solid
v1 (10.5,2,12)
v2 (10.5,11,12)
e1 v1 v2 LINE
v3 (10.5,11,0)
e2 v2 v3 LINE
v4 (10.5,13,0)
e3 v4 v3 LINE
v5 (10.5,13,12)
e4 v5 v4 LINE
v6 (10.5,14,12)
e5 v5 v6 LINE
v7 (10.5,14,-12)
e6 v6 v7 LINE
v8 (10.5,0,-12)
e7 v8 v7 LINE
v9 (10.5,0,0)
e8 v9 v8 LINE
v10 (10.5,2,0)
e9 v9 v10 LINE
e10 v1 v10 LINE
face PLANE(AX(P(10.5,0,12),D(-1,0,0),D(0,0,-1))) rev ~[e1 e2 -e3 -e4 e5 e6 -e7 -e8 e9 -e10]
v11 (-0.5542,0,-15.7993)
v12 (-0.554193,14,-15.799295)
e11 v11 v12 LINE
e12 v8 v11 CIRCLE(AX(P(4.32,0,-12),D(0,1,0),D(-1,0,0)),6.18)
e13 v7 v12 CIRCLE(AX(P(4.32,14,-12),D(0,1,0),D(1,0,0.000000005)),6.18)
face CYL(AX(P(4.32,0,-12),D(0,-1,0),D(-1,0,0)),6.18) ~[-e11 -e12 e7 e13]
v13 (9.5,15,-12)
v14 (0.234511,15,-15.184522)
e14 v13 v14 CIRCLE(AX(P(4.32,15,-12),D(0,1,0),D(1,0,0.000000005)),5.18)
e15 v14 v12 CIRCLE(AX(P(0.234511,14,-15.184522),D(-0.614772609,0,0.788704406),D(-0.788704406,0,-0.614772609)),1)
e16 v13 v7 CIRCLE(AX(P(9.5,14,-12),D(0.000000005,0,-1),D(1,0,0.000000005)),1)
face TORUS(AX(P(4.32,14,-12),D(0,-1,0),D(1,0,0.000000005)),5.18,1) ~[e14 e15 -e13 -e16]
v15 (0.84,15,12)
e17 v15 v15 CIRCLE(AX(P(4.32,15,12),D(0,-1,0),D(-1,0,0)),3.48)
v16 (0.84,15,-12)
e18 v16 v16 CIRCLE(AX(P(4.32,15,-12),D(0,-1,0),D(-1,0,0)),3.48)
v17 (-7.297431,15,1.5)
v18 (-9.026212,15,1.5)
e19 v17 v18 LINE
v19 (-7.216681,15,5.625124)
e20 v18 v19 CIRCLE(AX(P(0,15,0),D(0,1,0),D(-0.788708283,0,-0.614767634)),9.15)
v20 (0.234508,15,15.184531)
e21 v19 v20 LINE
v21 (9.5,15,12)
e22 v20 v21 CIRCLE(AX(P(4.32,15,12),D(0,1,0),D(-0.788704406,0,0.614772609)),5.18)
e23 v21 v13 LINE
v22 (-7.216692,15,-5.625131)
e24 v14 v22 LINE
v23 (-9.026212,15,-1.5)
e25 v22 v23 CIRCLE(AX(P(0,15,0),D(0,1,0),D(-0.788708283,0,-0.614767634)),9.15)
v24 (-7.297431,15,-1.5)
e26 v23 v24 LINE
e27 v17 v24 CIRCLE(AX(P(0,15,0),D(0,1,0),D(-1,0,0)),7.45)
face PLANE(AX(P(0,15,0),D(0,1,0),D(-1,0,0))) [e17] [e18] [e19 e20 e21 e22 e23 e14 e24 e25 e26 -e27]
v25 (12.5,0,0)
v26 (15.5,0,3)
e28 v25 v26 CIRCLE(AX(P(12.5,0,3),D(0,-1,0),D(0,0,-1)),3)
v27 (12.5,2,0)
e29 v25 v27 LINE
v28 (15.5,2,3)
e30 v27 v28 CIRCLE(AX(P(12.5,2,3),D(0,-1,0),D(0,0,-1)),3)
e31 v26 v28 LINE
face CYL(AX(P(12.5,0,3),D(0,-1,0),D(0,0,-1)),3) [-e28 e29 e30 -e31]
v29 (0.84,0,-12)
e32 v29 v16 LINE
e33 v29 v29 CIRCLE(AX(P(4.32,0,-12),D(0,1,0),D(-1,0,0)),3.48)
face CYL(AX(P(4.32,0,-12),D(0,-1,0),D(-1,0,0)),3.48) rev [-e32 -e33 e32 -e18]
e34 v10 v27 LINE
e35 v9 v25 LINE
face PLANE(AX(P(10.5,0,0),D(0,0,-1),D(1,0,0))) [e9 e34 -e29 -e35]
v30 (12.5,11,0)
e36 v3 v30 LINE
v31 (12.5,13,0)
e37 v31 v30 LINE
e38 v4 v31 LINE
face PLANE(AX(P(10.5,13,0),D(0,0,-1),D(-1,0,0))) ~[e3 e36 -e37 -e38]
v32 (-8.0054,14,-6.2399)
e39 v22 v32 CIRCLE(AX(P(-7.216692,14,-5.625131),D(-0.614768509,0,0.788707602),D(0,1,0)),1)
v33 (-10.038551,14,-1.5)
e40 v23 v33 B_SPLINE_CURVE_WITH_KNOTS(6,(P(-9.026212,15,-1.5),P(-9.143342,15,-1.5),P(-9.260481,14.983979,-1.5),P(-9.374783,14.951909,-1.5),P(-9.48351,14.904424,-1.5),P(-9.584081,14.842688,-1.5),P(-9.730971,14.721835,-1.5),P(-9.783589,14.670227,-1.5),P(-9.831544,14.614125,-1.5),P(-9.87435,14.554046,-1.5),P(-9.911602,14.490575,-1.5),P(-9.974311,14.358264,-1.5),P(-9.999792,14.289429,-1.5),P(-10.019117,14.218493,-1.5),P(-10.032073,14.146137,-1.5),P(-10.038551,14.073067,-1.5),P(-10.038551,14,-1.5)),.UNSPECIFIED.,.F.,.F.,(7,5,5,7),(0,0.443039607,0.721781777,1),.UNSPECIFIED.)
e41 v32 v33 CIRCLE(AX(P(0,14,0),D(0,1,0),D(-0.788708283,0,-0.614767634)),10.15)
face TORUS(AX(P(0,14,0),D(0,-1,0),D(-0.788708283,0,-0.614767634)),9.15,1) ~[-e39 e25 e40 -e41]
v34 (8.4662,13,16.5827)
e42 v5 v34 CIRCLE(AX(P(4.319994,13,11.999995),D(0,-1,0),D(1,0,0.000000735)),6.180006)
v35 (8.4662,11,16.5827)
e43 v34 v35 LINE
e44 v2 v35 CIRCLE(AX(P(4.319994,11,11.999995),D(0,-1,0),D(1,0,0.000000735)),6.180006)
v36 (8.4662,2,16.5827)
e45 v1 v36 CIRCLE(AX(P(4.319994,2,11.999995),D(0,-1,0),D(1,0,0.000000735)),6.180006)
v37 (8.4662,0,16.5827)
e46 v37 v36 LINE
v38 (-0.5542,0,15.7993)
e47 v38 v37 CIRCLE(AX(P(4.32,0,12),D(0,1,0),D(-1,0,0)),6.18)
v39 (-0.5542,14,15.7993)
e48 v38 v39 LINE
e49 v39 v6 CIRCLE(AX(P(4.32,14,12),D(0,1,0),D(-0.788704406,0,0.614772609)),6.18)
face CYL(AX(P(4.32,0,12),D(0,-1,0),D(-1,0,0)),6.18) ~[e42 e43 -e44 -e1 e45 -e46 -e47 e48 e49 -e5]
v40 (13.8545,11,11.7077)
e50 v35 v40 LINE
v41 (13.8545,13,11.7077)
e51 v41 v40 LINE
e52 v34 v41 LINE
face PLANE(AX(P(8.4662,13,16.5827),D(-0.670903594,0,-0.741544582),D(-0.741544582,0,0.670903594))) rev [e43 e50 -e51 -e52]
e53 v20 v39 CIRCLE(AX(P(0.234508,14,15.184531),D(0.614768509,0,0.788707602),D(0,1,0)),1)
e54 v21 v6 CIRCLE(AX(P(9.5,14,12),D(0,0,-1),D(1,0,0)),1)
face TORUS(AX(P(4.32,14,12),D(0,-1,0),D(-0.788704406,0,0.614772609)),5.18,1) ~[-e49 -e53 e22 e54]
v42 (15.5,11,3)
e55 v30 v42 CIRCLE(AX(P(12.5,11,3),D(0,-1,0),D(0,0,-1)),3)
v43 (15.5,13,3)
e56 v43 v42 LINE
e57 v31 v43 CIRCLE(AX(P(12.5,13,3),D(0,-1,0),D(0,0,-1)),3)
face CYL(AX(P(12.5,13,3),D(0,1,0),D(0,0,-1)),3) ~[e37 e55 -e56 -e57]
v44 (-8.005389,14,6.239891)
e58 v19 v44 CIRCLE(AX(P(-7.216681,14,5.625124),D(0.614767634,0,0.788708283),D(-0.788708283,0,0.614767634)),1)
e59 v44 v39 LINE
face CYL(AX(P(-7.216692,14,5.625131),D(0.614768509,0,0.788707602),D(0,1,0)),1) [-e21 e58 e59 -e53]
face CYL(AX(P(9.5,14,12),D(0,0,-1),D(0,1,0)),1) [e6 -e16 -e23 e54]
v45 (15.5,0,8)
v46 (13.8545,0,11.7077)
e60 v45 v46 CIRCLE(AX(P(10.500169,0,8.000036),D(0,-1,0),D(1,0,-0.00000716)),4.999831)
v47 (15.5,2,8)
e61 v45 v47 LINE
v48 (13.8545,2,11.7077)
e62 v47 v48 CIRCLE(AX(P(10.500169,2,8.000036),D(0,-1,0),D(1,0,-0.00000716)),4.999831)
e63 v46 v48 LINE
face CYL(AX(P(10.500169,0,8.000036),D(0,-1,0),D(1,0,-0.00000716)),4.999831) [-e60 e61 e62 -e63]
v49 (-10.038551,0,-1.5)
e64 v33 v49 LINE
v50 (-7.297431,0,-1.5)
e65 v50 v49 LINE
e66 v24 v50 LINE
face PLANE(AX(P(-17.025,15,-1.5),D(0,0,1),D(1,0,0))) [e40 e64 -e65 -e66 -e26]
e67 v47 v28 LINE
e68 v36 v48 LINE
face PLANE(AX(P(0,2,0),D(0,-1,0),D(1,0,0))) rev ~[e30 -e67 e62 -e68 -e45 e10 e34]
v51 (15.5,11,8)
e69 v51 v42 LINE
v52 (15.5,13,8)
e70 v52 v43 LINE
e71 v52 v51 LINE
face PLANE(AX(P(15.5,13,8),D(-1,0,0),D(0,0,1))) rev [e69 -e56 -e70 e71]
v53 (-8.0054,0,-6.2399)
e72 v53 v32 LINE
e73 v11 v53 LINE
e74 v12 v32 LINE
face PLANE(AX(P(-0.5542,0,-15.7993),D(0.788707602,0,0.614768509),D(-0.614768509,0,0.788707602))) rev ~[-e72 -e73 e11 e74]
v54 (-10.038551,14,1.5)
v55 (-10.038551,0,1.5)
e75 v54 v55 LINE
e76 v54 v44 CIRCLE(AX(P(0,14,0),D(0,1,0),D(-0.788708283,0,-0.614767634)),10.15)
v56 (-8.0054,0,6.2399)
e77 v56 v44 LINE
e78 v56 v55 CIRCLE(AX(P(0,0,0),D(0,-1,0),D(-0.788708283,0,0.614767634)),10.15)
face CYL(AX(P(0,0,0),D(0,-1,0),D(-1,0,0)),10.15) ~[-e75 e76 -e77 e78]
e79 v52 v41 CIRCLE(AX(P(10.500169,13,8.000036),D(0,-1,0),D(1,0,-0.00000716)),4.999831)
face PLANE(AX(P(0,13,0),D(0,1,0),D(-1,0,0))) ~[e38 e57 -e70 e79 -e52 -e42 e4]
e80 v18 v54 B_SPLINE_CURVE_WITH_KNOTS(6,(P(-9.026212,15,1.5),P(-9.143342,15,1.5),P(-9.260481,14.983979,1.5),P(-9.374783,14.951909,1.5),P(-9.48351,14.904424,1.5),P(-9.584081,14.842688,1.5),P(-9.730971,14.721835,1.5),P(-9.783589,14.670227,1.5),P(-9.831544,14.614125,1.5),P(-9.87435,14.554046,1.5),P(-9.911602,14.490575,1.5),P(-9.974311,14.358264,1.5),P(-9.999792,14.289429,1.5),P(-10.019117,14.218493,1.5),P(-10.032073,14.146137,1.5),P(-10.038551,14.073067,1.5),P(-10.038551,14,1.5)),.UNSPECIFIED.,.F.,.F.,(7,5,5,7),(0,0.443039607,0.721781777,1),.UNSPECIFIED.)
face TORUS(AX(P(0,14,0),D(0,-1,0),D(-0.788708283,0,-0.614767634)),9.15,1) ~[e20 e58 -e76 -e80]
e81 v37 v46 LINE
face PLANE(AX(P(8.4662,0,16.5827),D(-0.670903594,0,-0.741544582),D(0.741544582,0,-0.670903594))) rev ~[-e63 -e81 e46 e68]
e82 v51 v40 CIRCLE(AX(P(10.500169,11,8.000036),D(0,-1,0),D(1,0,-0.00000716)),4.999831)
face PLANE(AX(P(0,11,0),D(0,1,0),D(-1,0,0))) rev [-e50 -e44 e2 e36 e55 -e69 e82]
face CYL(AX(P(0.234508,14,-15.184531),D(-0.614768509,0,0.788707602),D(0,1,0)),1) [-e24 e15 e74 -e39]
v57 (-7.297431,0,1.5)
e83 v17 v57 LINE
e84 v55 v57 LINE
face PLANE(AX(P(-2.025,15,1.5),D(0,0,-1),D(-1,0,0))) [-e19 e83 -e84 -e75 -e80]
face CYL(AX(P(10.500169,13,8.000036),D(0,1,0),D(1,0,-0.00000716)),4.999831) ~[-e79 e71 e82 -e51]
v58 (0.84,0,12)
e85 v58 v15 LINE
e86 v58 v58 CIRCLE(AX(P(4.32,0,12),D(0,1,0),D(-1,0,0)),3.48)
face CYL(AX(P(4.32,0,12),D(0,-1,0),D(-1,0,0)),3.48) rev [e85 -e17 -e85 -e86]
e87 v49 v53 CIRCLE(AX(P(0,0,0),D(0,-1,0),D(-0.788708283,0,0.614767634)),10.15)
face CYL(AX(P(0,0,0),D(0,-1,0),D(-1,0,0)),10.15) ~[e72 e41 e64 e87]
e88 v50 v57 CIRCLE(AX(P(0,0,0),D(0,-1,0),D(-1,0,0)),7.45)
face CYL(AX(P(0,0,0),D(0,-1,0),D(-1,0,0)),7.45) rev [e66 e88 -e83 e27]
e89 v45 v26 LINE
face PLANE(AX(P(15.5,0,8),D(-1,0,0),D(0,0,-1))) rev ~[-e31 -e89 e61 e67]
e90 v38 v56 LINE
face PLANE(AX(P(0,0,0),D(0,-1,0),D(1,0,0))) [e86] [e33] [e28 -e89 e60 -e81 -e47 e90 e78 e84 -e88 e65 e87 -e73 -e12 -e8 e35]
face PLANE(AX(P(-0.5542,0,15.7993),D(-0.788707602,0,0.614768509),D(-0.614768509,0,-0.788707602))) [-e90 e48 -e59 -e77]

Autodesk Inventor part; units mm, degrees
ref_plane "YZ Plane" through (0, 0, 0) normal (1, 0, 0) x (0, 1, 0)
ref_plane "XZ Plane" through (0, 0, 0) normal (0, 1, 0) x (-1, 0, 0)
sketch "Sketch1" plane through (0, 0, 0) normal (0, 1, 0) x (-1, 0, 0)
  circle A0 centre (0, 0) radius 7.45
  line L0 (0, 0) -> (-4.32, 12)
  circle A1 centre (-4.32, 12) radius 3.48
  circle A2 centre (-4.32, 12) radius 6.18
  line L1 (-10.5, 28.575) -> (-10.5, -28.575)
  line L2 (7.45, 0) -> (-7.45, 0)
  circle A3 centre (0, 0) radius 10.15
  line L3 (0.5542, 15.7993) -> (8.0054, 6.2399)
  circle A4 centre (-4.32, -12) radius 3.48
  circle A5 centre (-4.32, -12) radius 6.18
  line L4 (0.5542, -15.7993) -> (8.0054, -6.2399)
  point P0 (-10.5, 0)
  point P1 (-10.5, 12)
  point P2 (-10.5, -12)
  dimension "d0" = 14.9
  dimension "d7" = 2.7
  dimension "d1" = 6.96
  dimension "d3" = 10.5
  dimension "d5" = 2.7
  dimension "d6" = 12
extrude "Extrusion1" add sketch "Sketch1" along normal blind 15 contours A0 A2 A3 A5 | A0 L0 A1 A3 A2 | A5 A3 A4 A0 | A0 A2 A3 A1 L0 | A3 A1 A2 | A2 L3 A3 | A5 A3 A2 A0 | A5 A3 A4 | A3 L4 A5 | A5 L1 A2 A3
sketch "Sketch2" plane through (0, 0, 0) normal (0, -1, 0) x (1, 0, 0)
  arc A0 (10.5, 12) -> (-0.5542, 15.7993) centre (4.32, 12) ccw projected
  line L0 (8.4662, 16.5827) -> (13.8545, 11.7077)
  line L1 (15.5, 8) -> (15.5, 3)
  line L2 (10.5, 12) -> (10.5, -12) projected
  arc A1 (15.5, 8) -> (13.8545, 11.7077) centre (10.5, 8) ccw
  line L3 (10.5, 0) -> (12.5, 0)
  arc A2 (12.5, 0) -> (15.5, 3) centre (12.5, 3) ccw
  line L4 (10.5, -12) -> (10.5, 12)
  arc A3 (10.5, 12) -> (-0.5542, 15.7993) centre (4.32, 12) ccw
  point P0 (0, 0)
  point P1 (15.5, 0)
  dimension "d10" = 5
  dimension "d11" = 5
  dimension "d12" = 8
  dimension "d13" = 3
  dimension "d14" = 0
extrude "Extrusion2" add sketch "Sketch2" against normal blind 2
ref_plane "Work Plane1" through (0, 6.5, 0) normal (0, 1, 0) x (1, 0, 0)
mirror "Mirror1" about plane through (0, 6.5, 0) normal (0, 1, 0) of "Extrusion2"
fillet "Fillet1" radius 1 6 edges at (6.3287, 15, -17.8444) (-4.2798, 15, -11.0196) (-10.15, 15, 0) (-4.2798, 15, 11.0196) (6.3287, 15, 17.8444) (10.5, 15, 0)
sketch "Sketch3" plane through (0, 15, 0) normal (0, 1, 0) x (1, 0, 0)
  line L0 (-17.025, 1.5) -> (-2.025, 1.5)
  line L1 (-2.025, 1.5) -> (-2.025, -1.5)
  line L2 (-2.025, -1.5) -> (-17.025, -1.5)
  line L3 (-17.025, -1.5) -> (-17.025, 1.5)
  line L4 (-17.025, 1.5) -> (-2.025, -1.5) construction
  line L5 (-2.025, 1.5) -> (-17.025, -1.5) construction
  point P0 (0, 0)
  point P1 (-9.525, 0)
  dimension "d19" = 3
  dimension "d20" = 1.5
  dimension "d21" = 15
extrude "Extrusion3" cut sketch "Sketch3" against normal through all
properties part number "PresaPilotInventorVersion"
